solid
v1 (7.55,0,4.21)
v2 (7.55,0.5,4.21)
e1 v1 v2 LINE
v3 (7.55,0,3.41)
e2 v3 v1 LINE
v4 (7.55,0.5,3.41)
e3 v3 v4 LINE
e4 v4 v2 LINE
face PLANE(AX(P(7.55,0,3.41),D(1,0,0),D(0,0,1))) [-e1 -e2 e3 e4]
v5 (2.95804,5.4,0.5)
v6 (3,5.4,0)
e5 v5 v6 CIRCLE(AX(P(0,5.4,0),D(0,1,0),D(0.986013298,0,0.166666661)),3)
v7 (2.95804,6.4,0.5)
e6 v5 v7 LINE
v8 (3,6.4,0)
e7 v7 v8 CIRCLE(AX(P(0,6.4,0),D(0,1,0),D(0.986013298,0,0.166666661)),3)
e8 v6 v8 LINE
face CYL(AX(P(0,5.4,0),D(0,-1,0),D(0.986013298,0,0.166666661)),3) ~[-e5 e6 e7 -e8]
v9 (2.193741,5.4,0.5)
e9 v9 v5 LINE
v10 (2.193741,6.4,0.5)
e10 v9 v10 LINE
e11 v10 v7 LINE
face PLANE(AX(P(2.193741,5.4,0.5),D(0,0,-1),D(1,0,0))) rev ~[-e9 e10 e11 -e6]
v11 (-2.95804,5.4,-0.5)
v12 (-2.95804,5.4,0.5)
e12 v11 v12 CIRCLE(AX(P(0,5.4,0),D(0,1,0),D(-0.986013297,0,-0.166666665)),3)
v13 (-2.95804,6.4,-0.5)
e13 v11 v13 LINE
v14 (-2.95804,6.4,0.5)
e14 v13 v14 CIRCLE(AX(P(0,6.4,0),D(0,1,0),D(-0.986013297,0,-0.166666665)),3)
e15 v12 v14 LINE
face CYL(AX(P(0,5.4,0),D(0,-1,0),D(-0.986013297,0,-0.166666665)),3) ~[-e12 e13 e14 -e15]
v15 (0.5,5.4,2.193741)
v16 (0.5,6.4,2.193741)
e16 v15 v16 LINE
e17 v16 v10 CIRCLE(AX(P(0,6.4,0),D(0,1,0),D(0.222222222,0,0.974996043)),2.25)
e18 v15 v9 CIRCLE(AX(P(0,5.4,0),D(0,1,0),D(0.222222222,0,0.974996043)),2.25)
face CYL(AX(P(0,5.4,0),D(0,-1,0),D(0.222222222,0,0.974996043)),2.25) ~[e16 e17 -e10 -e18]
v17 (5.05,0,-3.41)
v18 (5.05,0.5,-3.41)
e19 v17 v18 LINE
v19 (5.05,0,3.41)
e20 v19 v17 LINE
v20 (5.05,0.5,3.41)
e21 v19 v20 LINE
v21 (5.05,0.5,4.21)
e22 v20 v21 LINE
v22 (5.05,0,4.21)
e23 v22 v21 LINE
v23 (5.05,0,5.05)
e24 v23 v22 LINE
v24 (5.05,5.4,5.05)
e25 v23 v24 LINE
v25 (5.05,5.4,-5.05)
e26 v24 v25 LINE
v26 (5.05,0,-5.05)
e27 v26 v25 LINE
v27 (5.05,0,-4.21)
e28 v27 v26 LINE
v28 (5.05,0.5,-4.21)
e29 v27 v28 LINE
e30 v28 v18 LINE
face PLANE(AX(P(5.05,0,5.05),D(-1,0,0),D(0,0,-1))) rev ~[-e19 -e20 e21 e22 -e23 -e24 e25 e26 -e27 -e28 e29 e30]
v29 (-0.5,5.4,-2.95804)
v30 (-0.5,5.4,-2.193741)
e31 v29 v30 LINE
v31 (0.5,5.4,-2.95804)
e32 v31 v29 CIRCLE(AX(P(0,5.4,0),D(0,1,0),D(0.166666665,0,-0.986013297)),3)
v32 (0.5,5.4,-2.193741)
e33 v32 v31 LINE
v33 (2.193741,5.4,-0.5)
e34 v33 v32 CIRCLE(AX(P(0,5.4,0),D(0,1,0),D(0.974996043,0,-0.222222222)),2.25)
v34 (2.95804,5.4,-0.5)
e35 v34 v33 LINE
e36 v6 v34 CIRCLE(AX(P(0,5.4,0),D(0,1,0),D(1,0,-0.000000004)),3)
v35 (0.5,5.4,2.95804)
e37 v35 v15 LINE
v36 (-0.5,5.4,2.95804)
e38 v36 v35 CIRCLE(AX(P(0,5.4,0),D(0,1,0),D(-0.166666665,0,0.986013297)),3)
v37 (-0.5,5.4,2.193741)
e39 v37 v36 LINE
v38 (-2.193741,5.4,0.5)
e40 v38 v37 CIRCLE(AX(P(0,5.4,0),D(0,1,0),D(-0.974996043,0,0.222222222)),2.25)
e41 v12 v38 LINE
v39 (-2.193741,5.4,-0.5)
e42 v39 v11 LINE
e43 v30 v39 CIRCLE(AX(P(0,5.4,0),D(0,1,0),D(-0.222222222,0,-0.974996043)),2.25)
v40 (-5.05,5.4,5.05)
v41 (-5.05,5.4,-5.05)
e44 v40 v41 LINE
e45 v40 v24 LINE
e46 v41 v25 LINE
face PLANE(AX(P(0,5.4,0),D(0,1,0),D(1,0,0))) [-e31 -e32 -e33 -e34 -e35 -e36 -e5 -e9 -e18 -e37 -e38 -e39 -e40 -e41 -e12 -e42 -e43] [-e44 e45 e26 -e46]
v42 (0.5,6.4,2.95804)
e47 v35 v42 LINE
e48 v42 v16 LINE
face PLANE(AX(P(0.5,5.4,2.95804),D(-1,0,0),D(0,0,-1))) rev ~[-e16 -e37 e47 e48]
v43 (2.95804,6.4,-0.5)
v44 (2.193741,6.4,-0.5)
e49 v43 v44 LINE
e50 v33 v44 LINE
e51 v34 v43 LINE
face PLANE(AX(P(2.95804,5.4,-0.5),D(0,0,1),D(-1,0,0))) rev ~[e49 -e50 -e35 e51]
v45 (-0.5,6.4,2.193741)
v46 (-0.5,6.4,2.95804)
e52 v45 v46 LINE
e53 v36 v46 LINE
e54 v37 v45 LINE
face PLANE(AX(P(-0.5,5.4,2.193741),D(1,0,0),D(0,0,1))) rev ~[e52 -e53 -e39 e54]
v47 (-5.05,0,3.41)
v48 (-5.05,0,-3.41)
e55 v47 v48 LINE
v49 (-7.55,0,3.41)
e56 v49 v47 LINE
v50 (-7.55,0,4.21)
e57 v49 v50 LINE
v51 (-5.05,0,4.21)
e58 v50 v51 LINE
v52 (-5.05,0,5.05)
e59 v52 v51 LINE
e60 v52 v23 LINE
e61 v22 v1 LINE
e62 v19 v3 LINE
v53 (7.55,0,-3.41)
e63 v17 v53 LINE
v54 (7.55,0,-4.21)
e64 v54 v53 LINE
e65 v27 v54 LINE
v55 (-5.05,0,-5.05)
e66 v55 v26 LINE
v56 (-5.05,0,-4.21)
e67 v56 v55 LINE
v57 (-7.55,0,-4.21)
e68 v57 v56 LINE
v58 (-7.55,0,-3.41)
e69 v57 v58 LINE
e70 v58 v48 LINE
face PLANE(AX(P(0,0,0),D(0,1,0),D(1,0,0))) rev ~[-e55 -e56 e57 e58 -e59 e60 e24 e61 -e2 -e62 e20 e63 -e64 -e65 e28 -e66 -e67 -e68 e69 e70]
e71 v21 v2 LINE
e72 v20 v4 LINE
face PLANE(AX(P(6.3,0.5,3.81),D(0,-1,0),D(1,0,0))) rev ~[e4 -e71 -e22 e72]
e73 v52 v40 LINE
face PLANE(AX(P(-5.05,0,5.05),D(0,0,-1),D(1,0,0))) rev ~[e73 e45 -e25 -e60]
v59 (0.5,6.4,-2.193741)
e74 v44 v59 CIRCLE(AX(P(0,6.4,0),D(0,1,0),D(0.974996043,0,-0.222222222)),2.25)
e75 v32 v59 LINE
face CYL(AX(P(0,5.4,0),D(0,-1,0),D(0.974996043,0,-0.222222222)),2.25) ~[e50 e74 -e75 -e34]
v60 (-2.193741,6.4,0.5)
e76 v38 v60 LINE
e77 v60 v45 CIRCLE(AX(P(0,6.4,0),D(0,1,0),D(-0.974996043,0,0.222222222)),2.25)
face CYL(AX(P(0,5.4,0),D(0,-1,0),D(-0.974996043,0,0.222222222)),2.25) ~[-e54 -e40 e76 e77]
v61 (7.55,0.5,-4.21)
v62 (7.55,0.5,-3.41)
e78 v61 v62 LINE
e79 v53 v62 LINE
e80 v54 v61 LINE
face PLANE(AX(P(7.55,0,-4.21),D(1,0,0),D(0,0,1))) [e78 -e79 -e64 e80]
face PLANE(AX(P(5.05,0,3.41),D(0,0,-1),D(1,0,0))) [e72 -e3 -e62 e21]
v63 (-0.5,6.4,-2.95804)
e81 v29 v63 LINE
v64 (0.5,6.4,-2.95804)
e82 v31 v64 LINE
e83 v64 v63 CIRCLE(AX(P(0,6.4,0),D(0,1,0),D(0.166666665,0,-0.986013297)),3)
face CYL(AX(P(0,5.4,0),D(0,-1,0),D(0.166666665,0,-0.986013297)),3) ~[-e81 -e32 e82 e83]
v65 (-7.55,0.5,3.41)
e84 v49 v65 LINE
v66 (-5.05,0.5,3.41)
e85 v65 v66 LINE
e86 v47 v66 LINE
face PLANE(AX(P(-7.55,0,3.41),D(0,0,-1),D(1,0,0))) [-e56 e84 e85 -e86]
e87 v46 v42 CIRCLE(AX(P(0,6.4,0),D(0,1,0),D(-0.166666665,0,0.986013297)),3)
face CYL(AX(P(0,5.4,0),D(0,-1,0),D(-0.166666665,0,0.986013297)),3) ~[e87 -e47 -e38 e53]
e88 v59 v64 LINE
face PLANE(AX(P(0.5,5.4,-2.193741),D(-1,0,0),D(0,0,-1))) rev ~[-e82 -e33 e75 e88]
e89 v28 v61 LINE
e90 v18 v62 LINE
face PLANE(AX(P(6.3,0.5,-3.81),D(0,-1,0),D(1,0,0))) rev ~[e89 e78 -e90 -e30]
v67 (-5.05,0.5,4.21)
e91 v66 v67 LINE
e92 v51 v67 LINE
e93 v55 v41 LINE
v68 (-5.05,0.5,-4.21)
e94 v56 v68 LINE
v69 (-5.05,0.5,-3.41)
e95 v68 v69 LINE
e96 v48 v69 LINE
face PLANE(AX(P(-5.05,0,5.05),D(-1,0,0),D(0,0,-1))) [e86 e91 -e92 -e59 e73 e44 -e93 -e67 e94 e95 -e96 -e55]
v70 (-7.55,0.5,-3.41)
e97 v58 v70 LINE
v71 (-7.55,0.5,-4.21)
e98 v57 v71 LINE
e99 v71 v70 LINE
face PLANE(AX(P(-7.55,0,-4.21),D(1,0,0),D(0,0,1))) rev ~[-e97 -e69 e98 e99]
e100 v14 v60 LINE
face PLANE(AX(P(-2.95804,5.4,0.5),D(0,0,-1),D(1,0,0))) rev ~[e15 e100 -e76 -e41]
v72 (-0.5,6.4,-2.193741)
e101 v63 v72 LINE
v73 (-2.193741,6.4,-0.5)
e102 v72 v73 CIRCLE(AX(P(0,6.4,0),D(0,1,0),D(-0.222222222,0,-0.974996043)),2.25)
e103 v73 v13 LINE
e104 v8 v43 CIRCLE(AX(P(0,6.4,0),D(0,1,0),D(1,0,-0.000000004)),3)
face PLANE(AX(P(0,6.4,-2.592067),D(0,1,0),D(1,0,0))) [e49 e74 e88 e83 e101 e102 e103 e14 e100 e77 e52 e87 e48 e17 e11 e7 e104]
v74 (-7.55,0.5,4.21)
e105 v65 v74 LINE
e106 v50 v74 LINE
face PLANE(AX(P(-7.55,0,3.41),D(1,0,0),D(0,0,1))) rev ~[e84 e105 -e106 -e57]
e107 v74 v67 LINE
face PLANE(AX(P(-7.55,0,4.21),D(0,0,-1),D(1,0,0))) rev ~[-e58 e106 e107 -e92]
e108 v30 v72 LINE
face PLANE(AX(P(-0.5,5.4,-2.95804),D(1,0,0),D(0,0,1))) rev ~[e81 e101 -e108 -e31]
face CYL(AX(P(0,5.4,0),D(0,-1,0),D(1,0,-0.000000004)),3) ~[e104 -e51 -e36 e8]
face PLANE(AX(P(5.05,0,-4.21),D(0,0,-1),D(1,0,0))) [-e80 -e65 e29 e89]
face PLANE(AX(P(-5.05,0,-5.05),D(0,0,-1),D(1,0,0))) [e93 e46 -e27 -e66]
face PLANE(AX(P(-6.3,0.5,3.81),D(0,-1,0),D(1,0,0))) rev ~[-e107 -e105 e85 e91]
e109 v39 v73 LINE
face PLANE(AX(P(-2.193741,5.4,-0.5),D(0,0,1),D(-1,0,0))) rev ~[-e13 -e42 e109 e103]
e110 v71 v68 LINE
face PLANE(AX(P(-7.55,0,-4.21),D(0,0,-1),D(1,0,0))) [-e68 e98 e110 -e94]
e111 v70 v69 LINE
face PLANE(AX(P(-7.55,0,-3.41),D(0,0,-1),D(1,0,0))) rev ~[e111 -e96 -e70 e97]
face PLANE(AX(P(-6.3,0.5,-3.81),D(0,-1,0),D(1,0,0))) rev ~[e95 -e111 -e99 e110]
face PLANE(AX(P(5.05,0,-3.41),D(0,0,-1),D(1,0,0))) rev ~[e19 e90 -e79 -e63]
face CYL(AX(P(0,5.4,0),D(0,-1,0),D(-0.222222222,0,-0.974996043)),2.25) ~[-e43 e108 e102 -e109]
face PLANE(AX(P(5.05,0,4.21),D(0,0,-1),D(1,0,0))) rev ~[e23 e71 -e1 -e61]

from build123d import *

# Parameters (mm, degrees)
SKETCH1_W           = 10.1
SKETCH1_H           = 10.1
BOSS_EXTRUDE1_DEPTH = 5.4
SKETCH2_W           = 1
SKETCH2_H           = 1
BOSS_EXTRUDE2_DEPTH = 1
SKETCH3_W           = 2.5
SKETCH3_H           = 0.8
BOSS_EXTRUDE3_DEPTH = 0.5


with BuildPart() as part:
    # Sketch1 → Boss-Extrude1 (new body)
    with BuildSketch(Plane(origin=(0, 0, 0), x_dir=(1, 0, 0), z_dir=(0, 1, 0))):
        Rectangle(SKETCH1_W, SKETCH1_H)
    extrude(amount=BOSS_EXTRUDE1_DEPTH)

    # Sketch2 → Boss-Extrude2 (add)
    with BuildSketch(Plane(origin=(0, 5.4, 0), x_dir=(1, 0, 0), z_dir=(0, 1, 0))):
        with BuildLine():
            ThreePointArc((0.5, 2.958039892), (0, 3), (-0.5, 2.958039892))
            Line((-0.5, 2.958039892), (-0.5, 2.193741097))
            ThreePointArc((-0.5, 2.193741097), (0, 2.25), (0.5, 2.193741097))
            Line((0.5, 2.193741097), (0.5, 2.958039892))
        make_face()
        with BuildLine():
            Line((-0.5, -2.193741097), (-0.5, -2.958039892))
            ThreePointArc((-0.5, -2.958039892), (0, -3), (0.5, -2.958039892))
            Line((0.5, -2.958039892), (0.5, -2.193741097))
            ThreePointArc((0.5, -2.193741097), (0, -2.25), (-0.5, -2.193741097))
        make_face()
        with BuildLine():
            ThreePointArc((0.5, 2.193741097), (0, 2.25), (-0.5, 2.193741097))
            Line((-0.5, 2.193741097), (-0.5, 0.5))
            Line((-0.5, 0.5), (0.5, 0.5))
            Line((0.5, 0.5), (0.5, 2.193741097))
        make_face()
        with BuildLine():
            Line((-0.5, 0.5), (-0.5, 2.193741097))
            ThreePointArc((-0.5, 2.193741097), (-1.590990258, 1.590990258), (-2.193741097, 0.5))
            Line((-2.193741097, 0.5), (-0.5, 0.5))
        make_face()
        with BuildLine():
            Line((-0.5, -0.5), (-0.5, 0.5))
            Line((-0.5, 0.5), (-2.193741097, 0.5))
            ThreePointArc((-2.193741097, 0.5), (-2.25, 0), (-2.193741097, -0.5))
            Line((-2.193741097, -0.5), (-0.5, -0.5))
        make_face()
        with BuildLine():
            Line((-2.193741097, 0.5), (-2.958039892, 0.5))
            ThreePointArc((-2.958039892, 0.5), (-3, 0), (-2.958039892, -0.5))
            Line((-2.958039892, -0.5), (-2.193741097, -0.5))
            ThreePointArc((-2.193741097, -0.5), (-2.25, 0), (-2.193741097, 0.5))
        make_face()
        with BuildLine():
            ThreePointArc((3, 0), (2.989491568, 0.250878781), (2.958039892, 0.5))
            Line((2.958039892, 0.5), (2.193741097, 0.5))
            ThreePointArc((2.193741097, 0.5), (2.235891038, 0.251577555), (2.25, 0))
            ThreePointArc((2.25, 0), (2.235891038, -0.251577555), (2.193741097, -0.5))
            Line((2.193741097, -0.5), (2.958039892, -0.5))
            ThreePointArc((2.958039892, -0.5), (2.989491568, -0.250878781), (3, 0))
        make_face()
        with BuildLine():
            Line((0.5, -0.5), (-0.5, -0.5))
            Line((-0.5, -0.5), (-0.5, -2.193741097))
            ThreePointArc((-0.5, -2.193741097), (0, -2.25), (0.5, -2.193741097))
            Line((0.5, -2.193741097), (0.5, -0.5))
        make_face()
        Rectangle(SKETCH2_W, SKETCH2_H)
        with BuildLine():
            Line((2.193741097, 0.5), (0.5, 0.5))
            Line((0.5, 0.5), (0.5, -0.5))
            Line((0.5, -0.5), (2.193741097, -0.5))
            ThreePointArc((2.193741097, -0.5), (2.235891038, -0.251577555), (2.25, 0))
            ThreePointArc((2.25, 0), (2.235891038, 0.251577555), (2.193741097, 0.5))
        make_face()
        with BuildLine():
            ThreePointArc((2.193741097, 0.5), (1.590990258, 1.590990258), (0.5, 2.193741097))
            Line((0.5, 2.193741097), (0.5, 0.5))
            Line((0.5, 0.5), (2.193741097, 0.5))
        make_face()
        with BuildLine():
            Line((2.193741097, -0.5), (0.5, -0.5))
            Line((0.5, -0.5), (0.5, -2.193741097))
            ThreePointArc((0.5, -2.193741097), (1.590990258, -1.590990258), (2.193741097, -0.5))
        make_face()
        with BuildLine():
            Line((-0.5, -2.193741097), (-0.5, -0.5))
            Line((-0.5, -0.5), (-2.193741097, -0.5))
            ThreePointArc((-2.193741097, -0.5), (-1.590990258, -1.590990258), (-0.5, -2.193741097))
        make_face()
    extrude(amount=BOSS_EXTRUDE2_DEPTH)

    # Sketch3 → Boss-Extrude3 (add)
    with BuildSketch(Plane.XZ):
        with Locations((-6.3, 3.81)):
            Rectangle(SKETCH3_W, SKETCH3_H)
        with Locations((6.3, 3.81)):
            Rectangle(SKETCH3_W, SKETCH3_H)
        with Locations((6.3, -3.81)):
            Rectangle(SKETCH3_W, SKETCH3_H)
        with Locations((-6.3, -3.81)):
            Rectangle(SKETCH3_W, SKETCH3_H)
    extrude(amount=-BOSS_EXTRUDE3_DEPTH)


solid = part.part
